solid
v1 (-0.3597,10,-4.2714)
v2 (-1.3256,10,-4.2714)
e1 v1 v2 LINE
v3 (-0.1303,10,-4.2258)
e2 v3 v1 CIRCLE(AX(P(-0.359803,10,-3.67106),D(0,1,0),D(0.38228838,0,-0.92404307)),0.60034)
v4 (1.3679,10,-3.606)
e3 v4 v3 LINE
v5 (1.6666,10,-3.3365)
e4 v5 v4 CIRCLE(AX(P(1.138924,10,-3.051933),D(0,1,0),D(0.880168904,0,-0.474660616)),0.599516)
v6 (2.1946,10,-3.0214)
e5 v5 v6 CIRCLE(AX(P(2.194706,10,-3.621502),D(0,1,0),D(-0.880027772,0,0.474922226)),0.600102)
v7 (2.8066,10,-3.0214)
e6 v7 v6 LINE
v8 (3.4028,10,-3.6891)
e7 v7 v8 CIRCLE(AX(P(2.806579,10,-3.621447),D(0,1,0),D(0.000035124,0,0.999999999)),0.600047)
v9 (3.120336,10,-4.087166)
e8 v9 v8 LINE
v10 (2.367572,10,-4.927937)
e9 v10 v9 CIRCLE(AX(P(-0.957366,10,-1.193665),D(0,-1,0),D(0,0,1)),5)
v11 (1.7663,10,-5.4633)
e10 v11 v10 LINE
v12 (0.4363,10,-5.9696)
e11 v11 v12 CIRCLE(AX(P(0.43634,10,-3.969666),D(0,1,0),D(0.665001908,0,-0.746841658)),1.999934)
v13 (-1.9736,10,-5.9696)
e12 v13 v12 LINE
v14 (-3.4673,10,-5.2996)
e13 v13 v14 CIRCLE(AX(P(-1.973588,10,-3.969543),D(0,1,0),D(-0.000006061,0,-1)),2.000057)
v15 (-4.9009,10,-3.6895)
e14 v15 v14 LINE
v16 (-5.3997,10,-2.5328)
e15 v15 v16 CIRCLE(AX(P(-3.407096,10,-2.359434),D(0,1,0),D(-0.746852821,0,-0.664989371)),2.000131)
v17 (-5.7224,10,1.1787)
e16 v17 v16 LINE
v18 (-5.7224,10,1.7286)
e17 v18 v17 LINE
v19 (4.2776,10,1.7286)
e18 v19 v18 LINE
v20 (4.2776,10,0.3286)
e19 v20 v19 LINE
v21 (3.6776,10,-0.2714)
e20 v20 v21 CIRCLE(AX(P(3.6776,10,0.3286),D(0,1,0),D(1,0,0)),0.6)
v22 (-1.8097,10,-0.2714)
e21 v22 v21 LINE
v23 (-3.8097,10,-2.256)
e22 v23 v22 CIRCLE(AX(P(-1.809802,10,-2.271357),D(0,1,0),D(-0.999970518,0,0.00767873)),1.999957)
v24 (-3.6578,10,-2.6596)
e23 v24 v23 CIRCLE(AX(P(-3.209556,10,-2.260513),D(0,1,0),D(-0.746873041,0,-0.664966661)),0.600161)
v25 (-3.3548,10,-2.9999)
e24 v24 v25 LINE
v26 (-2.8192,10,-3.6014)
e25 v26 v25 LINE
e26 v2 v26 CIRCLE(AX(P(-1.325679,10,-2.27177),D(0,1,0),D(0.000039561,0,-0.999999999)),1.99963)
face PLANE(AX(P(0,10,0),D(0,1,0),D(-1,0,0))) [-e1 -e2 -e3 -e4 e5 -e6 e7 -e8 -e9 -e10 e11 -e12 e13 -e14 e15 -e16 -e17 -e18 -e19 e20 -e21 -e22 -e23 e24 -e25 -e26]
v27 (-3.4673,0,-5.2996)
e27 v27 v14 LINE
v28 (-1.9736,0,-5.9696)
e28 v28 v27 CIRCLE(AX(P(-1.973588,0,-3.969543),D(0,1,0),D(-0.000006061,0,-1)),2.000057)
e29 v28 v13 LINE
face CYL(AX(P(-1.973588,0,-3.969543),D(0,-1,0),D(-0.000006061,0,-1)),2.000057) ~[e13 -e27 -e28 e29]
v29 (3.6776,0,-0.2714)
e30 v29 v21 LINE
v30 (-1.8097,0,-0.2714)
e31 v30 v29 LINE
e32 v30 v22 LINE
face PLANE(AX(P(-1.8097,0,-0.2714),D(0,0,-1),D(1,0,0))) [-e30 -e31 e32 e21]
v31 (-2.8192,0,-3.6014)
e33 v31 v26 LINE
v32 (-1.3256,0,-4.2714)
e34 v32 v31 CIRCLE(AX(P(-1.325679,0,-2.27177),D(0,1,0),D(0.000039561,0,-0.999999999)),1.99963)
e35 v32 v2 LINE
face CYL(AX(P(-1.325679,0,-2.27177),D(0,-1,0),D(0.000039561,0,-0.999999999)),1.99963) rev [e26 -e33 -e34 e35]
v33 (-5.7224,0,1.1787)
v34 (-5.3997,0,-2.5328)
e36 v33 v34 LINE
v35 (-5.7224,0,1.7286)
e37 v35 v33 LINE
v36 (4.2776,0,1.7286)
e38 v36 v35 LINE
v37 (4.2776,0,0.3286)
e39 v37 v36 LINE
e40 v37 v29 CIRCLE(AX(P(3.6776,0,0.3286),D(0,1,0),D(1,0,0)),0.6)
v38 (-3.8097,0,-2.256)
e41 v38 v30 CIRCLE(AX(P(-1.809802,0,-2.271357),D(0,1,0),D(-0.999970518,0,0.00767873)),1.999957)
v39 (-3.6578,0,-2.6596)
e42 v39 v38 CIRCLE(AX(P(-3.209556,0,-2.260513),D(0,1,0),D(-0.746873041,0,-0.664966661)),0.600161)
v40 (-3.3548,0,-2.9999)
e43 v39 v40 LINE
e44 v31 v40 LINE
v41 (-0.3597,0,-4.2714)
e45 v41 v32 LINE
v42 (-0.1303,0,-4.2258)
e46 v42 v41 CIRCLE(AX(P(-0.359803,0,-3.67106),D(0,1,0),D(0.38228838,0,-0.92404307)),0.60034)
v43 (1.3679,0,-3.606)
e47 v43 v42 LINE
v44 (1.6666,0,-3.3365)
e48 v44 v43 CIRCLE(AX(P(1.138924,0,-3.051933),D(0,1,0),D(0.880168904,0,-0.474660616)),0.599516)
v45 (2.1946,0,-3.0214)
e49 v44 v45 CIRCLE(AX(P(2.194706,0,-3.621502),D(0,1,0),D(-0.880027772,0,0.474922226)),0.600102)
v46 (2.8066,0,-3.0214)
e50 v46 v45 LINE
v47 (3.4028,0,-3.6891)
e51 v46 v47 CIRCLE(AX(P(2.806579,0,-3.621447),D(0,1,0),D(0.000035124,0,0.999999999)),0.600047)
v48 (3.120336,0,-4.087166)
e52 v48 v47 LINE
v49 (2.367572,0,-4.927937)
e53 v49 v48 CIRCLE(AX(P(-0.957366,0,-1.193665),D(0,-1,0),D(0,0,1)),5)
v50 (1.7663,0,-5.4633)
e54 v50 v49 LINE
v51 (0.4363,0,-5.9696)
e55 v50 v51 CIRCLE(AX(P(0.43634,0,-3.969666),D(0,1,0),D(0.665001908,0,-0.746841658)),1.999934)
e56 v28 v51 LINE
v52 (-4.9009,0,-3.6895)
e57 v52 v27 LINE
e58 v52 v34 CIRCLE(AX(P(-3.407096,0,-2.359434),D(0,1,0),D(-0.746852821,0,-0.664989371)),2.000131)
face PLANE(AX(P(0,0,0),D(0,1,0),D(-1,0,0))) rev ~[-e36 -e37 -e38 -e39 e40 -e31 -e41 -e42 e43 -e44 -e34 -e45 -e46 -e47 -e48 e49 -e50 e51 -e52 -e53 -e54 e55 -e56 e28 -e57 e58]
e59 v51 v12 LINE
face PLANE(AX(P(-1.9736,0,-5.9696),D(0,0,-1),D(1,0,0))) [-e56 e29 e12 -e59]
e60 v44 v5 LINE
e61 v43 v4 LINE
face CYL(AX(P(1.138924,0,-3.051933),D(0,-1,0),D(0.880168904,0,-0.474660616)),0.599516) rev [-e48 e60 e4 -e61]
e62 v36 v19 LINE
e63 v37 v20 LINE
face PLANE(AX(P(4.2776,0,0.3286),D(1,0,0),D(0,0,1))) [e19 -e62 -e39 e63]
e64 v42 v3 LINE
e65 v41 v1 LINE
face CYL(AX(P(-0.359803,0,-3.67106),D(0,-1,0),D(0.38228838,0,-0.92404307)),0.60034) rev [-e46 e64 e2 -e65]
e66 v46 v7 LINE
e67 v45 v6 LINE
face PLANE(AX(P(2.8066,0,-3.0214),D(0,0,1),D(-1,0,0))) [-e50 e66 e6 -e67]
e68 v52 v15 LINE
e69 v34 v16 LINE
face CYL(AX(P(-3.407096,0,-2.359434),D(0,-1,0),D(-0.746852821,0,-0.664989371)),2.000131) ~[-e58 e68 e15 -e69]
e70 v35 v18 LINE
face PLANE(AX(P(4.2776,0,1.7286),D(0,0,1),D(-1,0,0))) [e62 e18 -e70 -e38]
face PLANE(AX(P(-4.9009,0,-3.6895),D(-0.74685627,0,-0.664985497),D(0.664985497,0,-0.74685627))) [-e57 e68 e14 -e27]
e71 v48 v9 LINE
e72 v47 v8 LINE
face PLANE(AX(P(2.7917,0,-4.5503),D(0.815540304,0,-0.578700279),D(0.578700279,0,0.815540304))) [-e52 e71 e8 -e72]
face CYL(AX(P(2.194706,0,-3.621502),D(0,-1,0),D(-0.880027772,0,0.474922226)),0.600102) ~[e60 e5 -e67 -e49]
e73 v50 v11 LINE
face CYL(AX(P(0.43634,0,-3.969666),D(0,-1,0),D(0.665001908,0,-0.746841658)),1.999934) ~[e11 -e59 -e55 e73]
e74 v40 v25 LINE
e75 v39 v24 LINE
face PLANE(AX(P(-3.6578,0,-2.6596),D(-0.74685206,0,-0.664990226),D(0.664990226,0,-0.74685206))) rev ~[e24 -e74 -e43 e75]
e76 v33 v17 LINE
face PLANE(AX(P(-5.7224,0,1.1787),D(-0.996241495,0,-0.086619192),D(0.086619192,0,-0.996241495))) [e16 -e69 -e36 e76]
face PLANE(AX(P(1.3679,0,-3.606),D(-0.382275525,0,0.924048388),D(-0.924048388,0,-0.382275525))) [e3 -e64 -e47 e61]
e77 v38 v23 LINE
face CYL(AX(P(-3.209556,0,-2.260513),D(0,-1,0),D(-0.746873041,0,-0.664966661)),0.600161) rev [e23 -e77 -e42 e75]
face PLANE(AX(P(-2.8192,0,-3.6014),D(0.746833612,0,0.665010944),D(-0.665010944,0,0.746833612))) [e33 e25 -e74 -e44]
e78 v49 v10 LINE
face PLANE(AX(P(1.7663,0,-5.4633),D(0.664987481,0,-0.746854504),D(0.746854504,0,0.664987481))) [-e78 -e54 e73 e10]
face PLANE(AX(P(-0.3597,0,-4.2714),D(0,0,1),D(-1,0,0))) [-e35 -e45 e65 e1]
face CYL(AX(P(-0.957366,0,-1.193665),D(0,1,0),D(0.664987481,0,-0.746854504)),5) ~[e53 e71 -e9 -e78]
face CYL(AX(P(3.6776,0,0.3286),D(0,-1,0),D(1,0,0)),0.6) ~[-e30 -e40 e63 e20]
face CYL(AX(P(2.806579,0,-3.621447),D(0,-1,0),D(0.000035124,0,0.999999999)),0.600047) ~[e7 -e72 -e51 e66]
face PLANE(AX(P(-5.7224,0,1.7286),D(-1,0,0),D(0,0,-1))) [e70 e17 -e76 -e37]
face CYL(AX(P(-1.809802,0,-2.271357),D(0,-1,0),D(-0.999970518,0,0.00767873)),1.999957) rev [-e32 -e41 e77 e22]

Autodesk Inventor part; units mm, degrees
ref_plane "YZ Plane" through (0, 0, 0) normal (1, 0, 0) x (0, 1, 0)
ref_plane "XZ Plane" through (0, 0, 0) normal (0, 1, 0) x (-1, 0, 0)
ref_plane "XY Plane" through (0, 0, 0) normal (0, 0, 1) x (1, 0, 0)
sketch "Sketch1" plane through (0, 0, 0) normal (0, 1, 0) x (-1, 0, 0)
  line L0 (-4.2776, 1.7286) -> (5.7224, 1.7286)
  line L1 (5.7224, 1.7286) -> (5.7224, 1.1787)
  line L2 (5.7224, 1.1787) -> (5.3997, -2.5328)
  line L3 (4.9009, -3.6895) -> (3.4673, -5.2996)
  line L4 (1.9736, -5.9696) -> (-0.4363, -5.9696)
  line L5 (-1.7663, -5.4633) -> (-2.7917, -4.5503)
  line L6 (-2.8066, -3.0214) -> (-2.1946, -3.0214)
  line L7 (0.3597, -4.2714) -> (1.3256, -4.2714)
  line L8 (2.8192, -3.6014) -> (3.3548, -2.9999)
  line L9 (1.8097, -0.2714) -> (-3.6776, -0.2714)
  line L10 (-4.2776, 0.3286) -> (-4.2776, 1.7286)
  arc A0 (1.3256, -4.2714) -> (2.8192, -3.6014) centre (1.3256, -2.2714) ccw
  arc A1 (3.8097, -2.256) -> (1.8097, -0.2714) centre (1.8097, -2.2714) ccw
  arc A2 (1.9736, -5.9696) -> (3.4673, -5.2996) centre (1.9736, -3.9696) ccw
  arc A3 (-1.7663, -5.4633) -> (-0.4363, -5.9696) centre (-0.4363, -3.9696) ccw
  arc A4 (4.9009, -3.6895) -> (5.3997, -2.5328) centre (3.4072, -2.3595) ccw
  arc A5 (-2.8066, -3.0214) -> (-3.4028, -3.6891) centre (-2.8066, -3.6214) ccw
  arc A6 (-1.6666, -3.3365) -> (-2.1946, -3.0214) centre (-2.1946, -3.6214) ccw
  arc A7 (-4.2776, 0.3286) -> (-3.6776, -0.2714) centre (-3.6776, 0.3286) ccw
  line L11 (-2.7917, -4.5503) -> (-3.4028, -3.6891)
  line L12 (-1.3679, -3.606) -> (0.1303, -4.2258)
  arc A8 (-1.6666, -3.3365) -> (-1.3679, -3.606) centre (-1.1385, -3.0516) ccw
  line L13 (3.6578, -2.6596) -> (3.3548, -2.9999)
  arc A9 (3.6578, -2.6596) -> (3.8097, -2.256) centre (3.2097, -2.2606) ccw
  arc A10 (0.1303, -4.2258) -> (0.3597, -4.2714) centre (0.3597, -3.6714) ccw
  point P0 (0, 0)
  point P1 (3.7961, -2.5043)
  point P2 (-1.6055, -3.5077)
  dimension "d0" = 10
  dimension "d1" = 4
  dimension "d3" = 1.6
  dimension "d5" = 0.6
  dimension "d6" = 0.6
  dimension "d7" = 2.75
  dimension "d8" = 0.6
  dimension "d9" = 0.6
  dimension "d10" = 2
extrude "Extrusion1" add sketch "Sketch1" along normal blind 10
fillet "Fillet1" radius 5 1 edges at (2.7917, 5, -4.5503)
properties part number "cable hook 4mm"
